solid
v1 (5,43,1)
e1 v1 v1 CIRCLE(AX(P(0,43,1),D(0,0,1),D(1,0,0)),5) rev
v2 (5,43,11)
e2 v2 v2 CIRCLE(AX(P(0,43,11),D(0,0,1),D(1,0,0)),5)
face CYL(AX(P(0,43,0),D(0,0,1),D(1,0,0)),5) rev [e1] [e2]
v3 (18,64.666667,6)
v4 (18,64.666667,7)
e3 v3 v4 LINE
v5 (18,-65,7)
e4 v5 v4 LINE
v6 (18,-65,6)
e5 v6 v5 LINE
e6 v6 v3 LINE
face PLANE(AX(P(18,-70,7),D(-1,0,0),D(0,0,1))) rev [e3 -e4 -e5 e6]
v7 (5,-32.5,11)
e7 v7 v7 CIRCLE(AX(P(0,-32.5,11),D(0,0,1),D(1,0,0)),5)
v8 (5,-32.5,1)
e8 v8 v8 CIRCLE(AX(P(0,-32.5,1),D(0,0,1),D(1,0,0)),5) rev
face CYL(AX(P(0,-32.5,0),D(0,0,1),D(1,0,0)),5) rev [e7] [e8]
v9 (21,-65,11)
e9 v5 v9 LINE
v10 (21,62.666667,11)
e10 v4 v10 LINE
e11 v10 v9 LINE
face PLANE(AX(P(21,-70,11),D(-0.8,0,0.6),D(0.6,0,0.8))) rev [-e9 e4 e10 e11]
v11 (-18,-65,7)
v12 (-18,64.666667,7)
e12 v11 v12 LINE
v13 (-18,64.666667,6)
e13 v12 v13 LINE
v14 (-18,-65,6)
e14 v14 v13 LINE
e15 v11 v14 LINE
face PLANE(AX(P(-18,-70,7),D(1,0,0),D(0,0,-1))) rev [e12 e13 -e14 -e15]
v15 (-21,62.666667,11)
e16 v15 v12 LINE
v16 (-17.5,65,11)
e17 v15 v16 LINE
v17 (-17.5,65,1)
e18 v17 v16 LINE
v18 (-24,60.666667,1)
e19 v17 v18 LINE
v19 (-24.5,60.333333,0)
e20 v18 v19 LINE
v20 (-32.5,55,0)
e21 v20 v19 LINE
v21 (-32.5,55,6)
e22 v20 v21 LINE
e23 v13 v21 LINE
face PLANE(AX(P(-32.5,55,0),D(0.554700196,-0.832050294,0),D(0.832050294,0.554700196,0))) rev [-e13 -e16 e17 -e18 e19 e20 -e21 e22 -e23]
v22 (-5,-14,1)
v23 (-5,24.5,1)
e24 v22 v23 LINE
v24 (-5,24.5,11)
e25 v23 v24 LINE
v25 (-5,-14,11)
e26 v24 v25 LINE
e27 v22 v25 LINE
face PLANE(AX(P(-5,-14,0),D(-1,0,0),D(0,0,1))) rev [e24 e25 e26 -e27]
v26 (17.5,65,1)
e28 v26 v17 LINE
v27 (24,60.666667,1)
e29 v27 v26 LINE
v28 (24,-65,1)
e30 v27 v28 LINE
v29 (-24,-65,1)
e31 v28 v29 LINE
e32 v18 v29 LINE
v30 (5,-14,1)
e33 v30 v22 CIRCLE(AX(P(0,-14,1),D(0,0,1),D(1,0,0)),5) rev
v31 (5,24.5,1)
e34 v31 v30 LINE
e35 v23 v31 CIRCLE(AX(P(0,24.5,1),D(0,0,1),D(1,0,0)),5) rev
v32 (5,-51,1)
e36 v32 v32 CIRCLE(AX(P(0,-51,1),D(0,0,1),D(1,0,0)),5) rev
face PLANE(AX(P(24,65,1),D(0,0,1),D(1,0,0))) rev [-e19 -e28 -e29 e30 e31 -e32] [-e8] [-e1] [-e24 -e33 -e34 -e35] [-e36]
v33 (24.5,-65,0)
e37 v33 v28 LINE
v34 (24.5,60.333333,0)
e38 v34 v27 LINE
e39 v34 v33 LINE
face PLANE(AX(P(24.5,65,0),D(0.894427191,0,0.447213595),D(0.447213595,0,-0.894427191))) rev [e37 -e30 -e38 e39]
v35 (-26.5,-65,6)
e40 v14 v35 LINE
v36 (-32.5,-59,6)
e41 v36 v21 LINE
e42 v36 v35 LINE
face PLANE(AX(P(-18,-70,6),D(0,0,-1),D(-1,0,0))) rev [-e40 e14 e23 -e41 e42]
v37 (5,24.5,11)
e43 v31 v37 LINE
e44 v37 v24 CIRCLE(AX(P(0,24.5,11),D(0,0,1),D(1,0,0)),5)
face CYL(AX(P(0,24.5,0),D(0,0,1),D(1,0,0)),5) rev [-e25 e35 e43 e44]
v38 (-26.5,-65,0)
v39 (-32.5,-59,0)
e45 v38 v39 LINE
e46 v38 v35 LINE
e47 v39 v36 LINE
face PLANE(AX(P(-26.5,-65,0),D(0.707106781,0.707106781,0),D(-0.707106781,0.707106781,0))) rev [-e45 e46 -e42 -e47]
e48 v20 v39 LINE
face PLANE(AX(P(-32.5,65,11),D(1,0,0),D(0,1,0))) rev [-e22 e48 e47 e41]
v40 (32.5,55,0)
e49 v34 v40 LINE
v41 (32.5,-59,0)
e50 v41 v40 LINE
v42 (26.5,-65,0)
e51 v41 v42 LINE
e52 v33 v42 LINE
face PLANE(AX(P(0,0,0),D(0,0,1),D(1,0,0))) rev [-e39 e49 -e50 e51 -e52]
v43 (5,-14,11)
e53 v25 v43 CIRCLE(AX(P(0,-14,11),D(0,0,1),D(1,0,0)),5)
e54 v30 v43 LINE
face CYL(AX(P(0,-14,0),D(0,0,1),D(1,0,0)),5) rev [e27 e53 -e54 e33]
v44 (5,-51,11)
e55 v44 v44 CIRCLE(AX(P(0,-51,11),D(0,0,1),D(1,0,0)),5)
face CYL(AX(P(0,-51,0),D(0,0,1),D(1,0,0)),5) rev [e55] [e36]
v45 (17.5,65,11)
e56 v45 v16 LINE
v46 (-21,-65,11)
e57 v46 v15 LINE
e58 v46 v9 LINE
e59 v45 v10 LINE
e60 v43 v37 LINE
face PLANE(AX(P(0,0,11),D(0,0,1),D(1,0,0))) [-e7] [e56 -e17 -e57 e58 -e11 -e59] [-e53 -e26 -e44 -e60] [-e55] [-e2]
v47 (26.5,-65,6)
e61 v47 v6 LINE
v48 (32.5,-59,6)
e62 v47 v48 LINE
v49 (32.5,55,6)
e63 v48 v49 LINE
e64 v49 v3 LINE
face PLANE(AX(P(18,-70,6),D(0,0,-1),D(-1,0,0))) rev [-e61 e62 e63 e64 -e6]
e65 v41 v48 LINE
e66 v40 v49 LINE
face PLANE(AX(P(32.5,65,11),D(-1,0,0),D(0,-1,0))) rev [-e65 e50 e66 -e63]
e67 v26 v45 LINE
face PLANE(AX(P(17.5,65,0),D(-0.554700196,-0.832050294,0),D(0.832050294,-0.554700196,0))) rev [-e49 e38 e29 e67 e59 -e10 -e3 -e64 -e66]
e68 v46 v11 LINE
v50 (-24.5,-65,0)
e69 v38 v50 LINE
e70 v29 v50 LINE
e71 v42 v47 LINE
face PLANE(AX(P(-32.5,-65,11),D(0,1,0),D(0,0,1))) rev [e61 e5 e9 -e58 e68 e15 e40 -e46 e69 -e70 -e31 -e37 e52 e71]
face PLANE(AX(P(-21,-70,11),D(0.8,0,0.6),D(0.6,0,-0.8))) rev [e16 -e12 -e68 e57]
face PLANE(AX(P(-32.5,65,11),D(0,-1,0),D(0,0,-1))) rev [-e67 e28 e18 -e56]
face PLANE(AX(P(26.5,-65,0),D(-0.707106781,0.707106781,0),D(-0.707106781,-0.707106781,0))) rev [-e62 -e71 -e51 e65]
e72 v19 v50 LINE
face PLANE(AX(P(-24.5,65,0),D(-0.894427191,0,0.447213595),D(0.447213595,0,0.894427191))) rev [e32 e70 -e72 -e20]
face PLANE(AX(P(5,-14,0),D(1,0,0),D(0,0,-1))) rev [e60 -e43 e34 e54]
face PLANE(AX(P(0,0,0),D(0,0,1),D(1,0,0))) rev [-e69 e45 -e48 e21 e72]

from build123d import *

# Parameters (mm, degrees)
SKETCH1_W                = 65
SKETCH1_H                = 130
MAIN_BODY_EXTRUDE_DEPTH  = 11
SKETCH4_R                = 5
BOLT_HOLES_DEPTH         = 11
UNDERCARRIAGE_CUT_DEPTH  = 135
TOP_CORNER_CUTS_DEPTH    = 11
BOTTOM_CORNER_CUTS_DEPTH = 11
TOP_CUT_DEPTH            = 130


with BuildPart() as part:
    # Sketch1 → Main Body Extrude (new body)
    with BuildSketch(Plane.XY):
        Rectangle(SKETCH1_W, SKETCH1_H)
    extrude(amount=MAIN_BODY_EXTRUDE_DEPTH)

    # Sketch4 → Bolt Holes (cut)
    with BuildSketch(Plane.XY.offset(11)):
        with Locations((0, -51)):
            Circle(SKETCH4_R)
        with Locations((0, -32.5)):
            Circle(SKETCH4_R)
        with Locations((0, 43)):
            Circle(SKETCH4_R)
        with BuildLine():
            Line((-5, -14), (-5, 24.5))
            ThreePointArc((-5, 24.5), (0, 29.5), (5, 24.5))
            Line((5, 24.5), (5, -14))
            ThreePointArc((5, -14), (0, -19), (-5, -14))
        make_face()
    extrude(amount=-BOLT_HOLES_DEPTH, mode=Mode.SUBTRACT)

    # Sketch6 → Undercarriage Cut (cut)
    with BuildSketch(Plane(origin=(0, 65, 0), x_dir=(1, 0, 0), z_dir=(0, 1, 0))):
        Polygon((21, -11), (18, -7), (18, -6), (32.5, -6), (32.5, -11), align=None)
        Polygon((-32.5, -11), (-21, -11), (-18, -7), (-18, -6), (-32.5, -6), align=None)
    extrude(amount=-UNDERCARRIAGE_CUT_DEPTH, mode=Mode.SUBTRACT)

    # Sketch2 → Top Corner Cuts (cut)
    with BuildSketch(Plane.XY.offset(11)):
        Polygon((-32.5, 55), (-17.5, 65), (-32.5, 65), align=None)
        Polygon((17.5, 65), (32.5, 55), (32.5, 65), align=None)
    extrude(amount=-TOP_CORNER_CUTS_DEPTH, mode=Mode.SUBTRACT)

    # Sketch3 → Bottom Corner Cuts (cut)
    with BuildSketch(Plane.XY.offset(11)):
        Polygon((-26.5, -65), (-32.5, -59), (-32.5, -65), align=None)
        Polygon((26.5, -65), (32.5, -59), (32.5, -65), align=None)
    extrude(amount=-BOTTOM_CORNER_CUTS_DEPTH, mode=Mode.SUBTRACT)

    # Sketch7 → Top Cut (cut)
    with BuildSketch(Plane(origin=(0, -65, 0), x_dir=(-1, 0, 0), z_dir=(0, -1, 0))):
        Polygon((24.5, 0), (-24.5, 0), (-24, -1), (24, -1), align=None)
    extrude(amount=-TOP_CUT_DEPTH, mode=Mode.SUBTRACT)


solid = part.part
